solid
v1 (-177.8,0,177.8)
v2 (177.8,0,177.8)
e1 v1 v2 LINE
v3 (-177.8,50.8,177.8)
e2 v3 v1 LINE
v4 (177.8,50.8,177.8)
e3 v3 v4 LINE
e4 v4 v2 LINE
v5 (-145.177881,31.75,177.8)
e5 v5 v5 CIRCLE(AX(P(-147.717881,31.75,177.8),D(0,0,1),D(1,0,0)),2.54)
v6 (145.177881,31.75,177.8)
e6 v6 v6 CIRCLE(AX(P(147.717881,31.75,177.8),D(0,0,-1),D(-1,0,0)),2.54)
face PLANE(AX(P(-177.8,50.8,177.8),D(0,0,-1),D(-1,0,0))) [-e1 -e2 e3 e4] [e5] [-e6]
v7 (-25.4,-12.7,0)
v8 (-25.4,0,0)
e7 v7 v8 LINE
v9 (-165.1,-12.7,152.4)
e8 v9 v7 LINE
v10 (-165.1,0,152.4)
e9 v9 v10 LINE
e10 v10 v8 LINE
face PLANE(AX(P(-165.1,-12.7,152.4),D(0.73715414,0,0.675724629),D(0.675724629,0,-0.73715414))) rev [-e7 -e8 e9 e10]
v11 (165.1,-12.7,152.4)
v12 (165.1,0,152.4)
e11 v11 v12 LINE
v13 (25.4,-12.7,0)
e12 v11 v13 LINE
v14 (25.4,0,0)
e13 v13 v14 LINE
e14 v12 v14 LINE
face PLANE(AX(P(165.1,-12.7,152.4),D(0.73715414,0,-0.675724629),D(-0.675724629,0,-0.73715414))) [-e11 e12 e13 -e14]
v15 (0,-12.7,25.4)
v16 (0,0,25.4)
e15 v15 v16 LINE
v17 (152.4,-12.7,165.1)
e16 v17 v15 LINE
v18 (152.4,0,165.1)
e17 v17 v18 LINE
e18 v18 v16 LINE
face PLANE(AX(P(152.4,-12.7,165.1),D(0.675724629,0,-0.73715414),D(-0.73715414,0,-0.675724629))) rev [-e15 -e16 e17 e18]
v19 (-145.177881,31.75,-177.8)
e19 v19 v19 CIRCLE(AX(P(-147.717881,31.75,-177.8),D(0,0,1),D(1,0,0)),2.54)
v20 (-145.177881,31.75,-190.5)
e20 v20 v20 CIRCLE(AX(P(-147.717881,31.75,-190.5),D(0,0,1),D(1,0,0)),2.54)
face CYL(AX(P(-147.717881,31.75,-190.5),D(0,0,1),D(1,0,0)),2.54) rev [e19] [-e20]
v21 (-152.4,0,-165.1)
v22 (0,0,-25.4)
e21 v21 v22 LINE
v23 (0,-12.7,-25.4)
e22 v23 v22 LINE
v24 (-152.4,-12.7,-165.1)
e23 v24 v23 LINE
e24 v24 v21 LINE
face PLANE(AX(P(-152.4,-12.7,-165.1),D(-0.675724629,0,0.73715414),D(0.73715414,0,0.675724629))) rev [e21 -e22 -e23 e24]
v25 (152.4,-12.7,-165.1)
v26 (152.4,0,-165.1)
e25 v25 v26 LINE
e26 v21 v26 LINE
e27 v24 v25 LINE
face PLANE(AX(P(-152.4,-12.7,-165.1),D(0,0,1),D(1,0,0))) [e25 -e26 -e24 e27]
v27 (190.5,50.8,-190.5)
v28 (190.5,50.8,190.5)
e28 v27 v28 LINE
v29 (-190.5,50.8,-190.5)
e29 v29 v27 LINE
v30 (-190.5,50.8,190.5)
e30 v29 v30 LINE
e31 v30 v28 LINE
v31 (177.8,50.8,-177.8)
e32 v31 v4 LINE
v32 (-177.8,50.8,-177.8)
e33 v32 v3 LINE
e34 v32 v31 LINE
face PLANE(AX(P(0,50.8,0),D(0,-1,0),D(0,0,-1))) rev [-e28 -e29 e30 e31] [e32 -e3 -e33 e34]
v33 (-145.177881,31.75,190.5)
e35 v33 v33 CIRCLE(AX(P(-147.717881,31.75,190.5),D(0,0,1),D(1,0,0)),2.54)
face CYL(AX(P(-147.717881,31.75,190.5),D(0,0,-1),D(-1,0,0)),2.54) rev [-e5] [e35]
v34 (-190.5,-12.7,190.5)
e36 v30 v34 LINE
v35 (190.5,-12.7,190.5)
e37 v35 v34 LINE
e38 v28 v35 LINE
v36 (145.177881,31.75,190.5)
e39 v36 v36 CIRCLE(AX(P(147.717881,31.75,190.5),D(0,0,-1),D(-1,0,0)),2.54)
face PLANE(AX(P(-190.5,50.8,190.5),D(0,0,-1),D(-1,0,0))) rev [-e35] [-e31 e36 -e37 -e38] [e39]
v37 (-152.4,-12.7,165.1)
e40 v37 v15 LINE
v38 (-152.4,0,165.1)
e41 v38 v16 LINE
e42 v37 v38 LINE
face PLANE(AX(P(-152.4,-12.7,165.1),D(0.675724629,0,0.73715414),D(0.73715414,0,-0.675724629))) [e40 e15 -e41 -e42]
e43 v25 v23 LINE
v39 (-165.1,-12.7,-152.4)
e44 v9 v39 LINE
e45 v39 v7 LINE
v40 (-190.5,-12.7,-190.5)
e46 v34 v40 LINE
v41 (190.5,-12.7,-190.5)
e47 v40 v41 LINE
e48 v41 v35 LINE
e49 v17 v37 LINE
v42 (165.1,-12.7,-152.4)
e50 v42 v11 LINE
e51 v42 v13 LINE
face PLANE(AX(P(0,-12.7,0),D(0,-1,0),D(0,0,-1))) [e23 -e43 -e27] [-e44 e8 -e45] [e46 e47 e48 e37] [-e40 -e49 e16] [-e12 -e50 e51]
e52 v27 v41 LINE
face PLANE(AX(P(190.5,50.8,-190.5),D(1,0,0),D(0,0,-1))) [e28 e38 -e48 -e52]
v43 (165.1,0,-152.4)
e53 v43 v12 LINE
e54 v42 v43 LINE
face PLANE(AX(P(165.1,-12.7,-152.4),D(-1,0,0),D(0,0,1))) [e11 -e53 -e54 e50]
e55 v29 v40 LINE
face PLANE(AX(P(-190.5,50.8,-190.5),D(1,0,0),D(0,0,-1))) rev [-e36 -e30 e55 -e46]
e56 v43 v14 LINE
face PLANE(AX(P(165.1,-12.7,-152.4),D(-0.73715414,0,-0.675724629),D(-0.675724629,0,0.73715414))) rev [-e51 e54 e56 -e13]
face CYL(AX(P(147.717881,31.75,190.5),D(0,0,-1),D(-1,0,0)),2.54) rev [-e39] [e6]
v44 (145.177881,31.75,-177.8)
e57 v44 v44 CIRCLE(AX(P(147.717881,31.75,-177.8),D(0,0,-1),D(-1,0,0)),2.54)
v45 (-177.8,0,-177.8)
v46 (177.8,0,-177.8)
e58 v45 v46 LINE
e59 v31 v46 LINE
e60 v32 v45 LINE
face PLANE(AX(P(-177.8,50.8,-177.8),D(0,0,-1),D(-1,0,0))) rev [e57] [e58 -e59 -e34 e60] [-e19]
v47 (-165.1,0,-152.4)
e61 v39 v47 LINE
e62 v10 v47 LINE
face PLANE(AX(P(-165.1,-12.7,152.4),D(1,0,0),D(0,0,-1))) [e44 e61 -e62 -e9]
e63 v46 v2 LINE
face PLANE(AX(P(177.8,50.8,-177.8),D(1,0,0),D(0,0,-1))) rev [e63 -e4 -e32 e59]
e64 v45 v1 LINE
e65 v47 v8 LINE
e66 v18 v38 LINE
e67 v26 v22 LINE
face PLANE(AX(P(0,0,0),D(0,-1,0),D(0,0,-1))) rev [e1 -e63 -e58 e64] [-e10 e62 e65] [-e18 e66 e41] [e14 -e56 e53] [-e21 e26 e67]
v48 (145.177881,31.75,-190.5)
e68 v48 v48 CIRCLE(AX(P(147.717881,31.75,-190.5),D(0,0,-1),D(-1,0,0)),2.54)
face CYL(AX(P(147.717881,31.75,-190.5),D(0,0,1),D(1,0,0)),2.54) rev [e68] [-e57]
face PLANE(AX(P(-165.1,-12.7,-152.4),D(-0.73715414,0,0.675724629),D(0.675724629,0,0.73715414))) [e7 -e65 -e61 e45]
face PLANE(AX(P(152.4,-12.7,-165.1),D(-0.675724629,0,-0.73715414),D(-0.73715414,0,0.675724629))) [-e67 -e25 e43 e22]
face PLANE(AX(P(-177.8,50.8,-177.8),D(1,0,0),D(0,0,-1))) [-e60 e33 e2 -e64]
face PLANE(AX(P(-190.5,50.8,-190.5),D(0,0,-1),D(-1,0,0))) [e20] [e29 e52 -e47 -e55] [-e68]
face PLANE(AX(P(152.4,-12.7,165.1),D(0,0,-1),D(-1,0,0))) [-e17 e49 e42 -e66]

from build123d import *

# Parameters (mm, degrees)
SKETCH1_W                                  = 381
SKETCH1_H                                  = 381
SKETCH1_W_2                                = 355.6
SKETCH1_H_2                                = 355.6
BOSS_EXTRUDE2_DEPTH                        = 50.8
SKETCH2_R                                  = 2.54
CUT_EXTRUDE3_DEPTH                         = 418.750858766
MIRROR1_AT_THE_SECOND_PLANE_COPY_1_SKETC_R = 2.54
MIRROR1_AT_THE_SECOND_PLANE_COPY_1_DEPTH   = 418.750858766
SKETCH3_W                                  = 381
SKETCH3_H                                  = 381
BOSS_EXTRUDE3_DEPTH                        = 12.7
CUT_EXTRUDE4_DEPTH                         = 275.155320941


with BuildPart() as part:
    # Sketch1 → Boss-Extrude2 (new body)
    with BuildSketch(Plane(origin=(0, 0, 0), x_dir=(1, 0, 0), z_dir=(0, 1, 0))):
        Rectangle(SKETCH1_W, SKETCH1_H)
        Rectangle(SKETCH1_W_2, SKETCH1_H_2, mode=Mode.SUBTRACT)
    extrude(amount=BOSS_EXTRUDE2_DEPTH)

    # Sketch2 → Cut-Extrude3 (cut, through all)
    with BuildSketch(Plane.XY.offset(-177.8)):
        with Locations((-147.717881469, 31.75)):
            Circle(SKETCH2_R)
    cut_extrude3 = extrude(amount=-CUT_EXTRUDE3_DEPTH, mode=Mode.SUBTRACT)

    # Mirror1: Cut-Extrude3 across plane
    add(cut_extrude3.mirror(Plane.XY), mode=Mode.SUBTRACT)

    # Mirror1 at the second plane: Cut-Extrude3 across plane
    add(cut_extrude3.mirror(Plane(origin=(0, 0, 0), x_dir=(0, 0, 1), z_dir=(1, 0, 0))), mode=Mode.SUBTRACT)

    # Mirror1 at the second plane copy 1 sketc → Mirror1 at the second plane copy 1 (cut, through all)
    with BuildSketch(Plane(origin=(0, 0, 177.8), x_dir=(-1, 0, 0), z_dir=(0, 0, -1))):
        with Locations((-147.717881469, 31.75)):
            Circle(MIRROR1_AT_THE_SECOND_PLANE_COPY_1_SKETC_R)
    extrude(amount=-MIRROR1_AT_THE_SECOND_PLANE_COPY_1_DEPTH, mode=Mode.SUBTRACT)

    # Sketch3 → Boss-Extrude3 (add)
    with BuildSketch(Plane.XZ):
        Rectangle(SKETCH3_W, SKETCH3_H)
    extrude(amount=BOSS_EXTRUDE3_DEPTH)

    # Sketch4 → Cut-Extrude4 (cut, through all)
    with BuildSketch(Plane(origin=(0, 0, 0), x_dir=(1, 0, 0), z_dir=(0, 1, 0))):
        Polygon((-152.4, 165.1), (0, 25.4), (152.4, 165.1), align=None)
        Polygon((165.1, 152.4), (165.1, -152.4), (25.4, 0), align=None)
        Polygon((152.4, -165.1), (-152.4, -165.1), (0, -25.4), align=None)
        Polygon((-165.1, -152.4), (-165.1, 152.4), (-25.4, 0), align=None)
    extrude(amount=-CUT_EXTRUDE4_DEPTH, mode=Mode.SUBTRACT)


solid = part.part
